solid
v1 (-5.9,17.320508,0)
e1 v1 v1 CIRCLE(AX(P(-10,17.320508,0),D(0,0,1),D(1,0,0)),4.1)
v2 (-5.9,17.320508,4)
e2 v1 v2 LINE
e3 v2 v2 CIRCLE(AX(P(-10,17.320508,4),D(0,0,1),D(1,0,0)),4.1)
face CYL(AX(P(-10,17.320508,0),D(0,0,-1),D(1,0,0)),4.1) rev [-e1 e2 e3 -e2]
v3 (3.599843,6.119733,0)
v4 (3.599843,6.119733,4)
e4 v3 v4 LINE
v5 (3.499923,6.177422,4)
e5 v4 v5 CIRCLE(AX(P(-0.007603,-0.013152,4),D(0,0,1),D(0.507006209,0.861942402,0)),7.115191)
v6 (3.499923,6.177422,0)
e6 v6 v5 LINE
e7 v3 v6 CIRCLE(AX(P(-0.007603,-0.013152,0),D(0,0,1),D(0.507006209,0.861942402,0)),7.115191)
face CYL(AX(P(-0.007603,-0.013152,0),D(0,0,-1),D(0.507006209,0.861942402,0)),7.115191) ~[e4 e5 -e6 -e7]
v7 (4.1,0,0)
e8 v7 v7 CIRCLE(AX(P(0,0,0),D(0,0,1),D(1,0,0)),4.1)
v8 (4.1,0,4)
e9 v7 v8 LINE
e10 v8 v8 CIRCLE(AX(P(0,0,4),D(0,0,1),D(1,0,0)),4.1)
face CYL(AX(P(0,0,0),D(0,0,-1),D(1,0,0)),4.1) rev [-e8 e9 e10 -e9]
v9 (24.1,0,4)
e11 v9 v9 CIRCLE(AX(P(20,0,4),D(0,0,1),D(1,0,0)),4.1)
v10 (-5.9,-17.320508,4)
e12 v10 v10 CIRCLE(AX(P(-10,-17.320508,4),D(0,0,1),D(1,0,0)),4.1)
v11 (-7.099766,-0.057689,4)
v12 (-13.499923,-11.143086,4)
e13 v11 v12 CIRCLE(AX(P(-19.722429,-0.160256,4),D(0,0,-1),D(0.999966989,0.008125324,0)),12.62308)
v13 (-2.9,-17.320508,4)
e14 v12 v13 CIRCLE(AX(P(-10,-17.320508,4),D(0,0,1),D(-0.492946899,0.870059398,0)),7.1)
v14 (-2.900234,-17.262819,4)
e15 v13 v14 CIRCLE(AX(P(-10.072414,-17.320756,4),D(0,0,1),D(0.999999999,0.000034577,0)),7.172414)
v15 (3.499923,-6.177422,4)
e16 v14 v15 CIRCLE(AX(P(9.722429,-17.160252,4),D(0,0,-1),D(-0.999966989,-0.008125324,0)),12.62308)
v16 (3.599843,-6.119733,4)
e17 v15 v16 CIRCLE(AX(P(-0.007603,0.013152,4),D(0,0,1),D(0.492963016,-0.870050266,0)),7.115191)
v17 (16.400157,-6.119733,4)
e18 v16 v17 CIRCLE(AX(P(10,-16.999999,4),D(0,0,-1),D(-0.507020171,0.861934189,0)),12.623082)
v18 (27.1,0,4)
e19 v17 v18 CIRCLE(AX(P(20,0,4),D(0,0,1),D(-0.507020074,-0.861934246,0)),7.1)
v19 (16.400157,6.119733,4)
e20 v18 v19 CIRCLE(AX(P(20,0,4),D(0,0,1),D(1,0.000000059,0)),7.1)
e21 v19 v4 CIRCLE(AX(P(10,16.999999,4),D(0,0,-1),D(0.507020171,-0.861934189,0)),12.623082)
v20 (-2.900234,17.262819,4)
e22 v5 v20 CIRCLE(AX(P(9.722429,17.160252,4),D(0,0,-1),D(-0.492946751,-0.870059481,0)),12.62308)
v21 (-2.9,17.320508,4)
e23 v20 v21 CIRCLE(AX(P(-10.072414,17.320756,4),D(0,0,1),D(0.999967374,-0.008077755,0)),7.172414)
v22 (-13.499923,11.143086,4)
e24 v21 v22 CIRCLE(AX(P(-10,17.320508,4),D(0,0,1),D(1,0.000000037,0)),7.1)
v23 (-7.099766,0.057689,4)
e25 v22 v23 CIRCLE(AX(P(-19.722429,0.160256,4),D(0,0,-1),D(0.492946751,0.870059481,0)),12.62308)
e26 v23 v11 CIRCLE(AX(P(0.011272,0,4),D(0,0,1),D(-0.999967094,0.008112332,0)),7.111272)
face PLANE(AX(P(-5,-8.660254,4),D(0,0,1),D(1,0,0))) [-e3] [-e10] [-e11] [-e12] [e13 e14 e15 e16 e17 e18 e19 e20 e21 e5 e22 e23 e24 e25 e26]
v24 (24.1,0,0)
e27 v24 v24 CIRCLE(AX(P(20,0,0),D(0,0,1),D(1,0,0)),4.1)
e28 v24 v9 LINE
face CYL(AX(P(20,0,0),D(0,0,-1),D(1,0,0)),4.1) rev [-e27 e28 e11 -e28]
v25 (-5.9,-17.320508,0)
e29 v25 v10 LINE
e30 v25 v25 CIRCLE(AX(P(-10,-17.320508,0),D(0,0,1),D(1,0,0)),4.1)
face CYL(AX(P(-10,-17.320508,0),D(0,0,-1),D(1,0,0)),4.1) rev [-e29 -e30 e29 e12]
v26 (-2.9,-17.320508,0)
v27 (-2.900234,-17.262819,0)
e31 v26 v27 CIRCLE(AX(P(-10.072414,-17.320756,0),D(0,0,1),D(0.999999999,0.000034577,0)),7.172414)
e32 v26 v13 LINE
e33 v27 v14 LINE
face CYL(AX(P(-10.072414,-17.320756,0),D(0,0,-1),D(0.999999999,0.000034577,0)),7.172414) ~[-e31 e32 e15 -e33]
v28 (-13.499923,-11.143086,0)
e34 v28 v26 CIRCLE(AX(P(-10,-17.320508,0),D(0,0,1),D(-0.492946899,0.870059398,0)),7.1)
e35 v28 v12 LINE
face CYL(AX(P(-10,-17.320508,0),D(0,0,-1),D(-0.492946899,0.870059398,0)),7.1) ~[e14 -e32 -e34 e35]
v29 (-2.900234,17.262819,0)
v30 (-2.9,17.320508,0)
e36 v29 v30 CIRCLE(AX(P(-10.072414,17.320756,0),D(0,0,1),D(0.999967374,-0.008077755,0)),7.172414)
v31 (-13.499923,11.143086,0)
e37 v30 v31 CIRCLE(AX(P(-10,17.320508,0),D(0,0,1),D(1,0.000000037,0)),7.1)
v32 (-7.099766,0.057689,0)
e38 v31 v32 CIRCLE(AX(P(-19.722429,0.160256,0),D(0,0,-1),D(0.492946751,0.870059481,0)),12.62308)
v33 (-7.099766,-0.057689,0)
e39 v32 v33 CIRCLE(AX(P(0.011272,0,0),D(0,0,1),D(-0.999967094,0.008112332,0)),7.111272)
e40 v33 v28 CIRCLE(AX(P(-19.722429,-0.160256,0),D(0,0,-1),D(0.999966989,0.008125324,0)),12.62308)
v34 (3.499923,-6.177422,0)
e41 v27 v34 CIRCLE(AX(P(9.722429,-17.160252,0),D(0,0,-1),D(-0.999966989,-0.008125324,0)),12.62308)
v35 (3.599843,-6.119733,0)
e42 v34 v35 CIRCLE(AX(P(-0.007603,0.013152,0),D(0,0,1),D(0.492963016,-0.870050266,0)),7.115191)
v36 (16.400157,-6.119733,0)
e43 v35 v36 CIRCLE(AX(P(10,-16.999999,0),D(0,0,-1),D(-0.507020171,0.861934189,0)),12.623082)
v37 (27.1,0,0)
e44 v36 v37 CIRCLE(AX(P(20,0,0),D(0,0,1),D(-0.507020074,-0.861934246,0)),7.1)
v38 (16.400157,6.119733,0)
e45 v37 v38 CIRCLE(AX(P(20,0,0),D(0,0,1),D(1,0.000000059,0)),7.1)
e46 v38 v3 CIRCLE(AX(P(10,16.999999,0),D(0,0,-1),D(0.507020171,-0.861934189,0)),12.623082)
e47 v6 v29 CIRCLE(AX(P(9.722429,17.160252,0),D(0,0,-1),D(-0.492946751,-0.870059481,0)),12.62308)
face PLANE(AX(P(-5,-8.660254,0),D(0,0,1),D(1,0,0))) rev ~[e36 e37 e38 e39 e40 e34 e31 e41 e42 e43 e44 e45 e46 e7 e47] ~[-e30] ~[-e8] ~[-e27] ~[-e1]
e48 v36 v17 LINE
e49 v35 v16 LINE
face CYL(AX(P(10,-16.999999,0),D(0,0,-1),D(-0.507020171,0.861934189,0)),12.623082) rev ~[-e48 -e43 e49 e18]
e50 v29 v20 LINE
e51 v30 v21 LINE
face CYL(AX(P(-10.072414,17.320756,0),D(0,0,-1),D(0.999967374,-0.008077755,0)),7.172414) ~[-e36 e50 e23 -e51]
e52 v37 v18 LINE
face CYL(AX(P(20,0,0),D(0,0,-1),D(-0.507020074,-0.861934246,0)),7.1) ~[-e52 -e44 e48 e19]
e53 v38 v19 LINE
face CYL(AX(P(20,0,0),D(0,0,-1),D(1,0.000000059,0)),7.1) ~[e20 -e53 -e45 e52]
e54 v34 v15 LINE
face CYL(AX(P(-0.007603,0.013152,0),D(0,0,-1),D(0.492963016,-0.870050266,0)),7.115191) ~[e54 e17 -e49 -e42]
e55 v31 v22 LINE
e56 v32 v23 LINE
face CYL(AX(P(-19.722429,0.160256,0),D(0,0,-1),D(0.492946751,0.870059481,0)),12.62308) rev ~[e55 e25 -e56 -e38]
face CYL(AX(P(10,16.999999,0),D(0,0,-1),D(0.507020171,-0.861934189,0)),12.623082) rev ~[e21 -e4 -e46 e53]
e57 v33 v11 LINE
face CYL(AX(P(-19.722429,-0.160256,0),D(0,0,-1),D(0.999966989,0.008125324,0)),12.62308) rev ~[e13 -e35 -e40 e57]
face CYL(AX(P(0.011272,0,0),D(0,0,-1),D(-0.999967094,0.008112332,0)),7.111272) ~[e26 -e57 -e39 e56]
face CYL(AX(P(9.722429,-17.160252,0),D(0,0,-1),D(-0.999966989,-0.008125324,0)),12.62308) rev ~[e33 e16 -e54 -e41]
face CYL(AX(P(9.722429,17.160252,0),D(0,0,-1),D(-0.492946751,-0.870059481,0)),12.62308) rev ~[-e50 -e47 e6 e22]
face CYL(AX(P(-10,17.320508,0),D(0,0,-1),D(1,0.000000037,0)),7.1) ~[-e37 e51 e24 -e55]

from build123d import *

# Parameters (mm, degrees)
F0_R     = 4.1
F1_DEPTH = 4


with BuildPart() as f1:
    # F0 (on Top) → F1 (new body)
    with BuildSketch(Plane.XY):
        with BuildLine():
            ThreePointArc((-2.900234, -17.262819), (-1.209479, -10.848713), (3.499923, -6.177422))
            ThreePointArc((3.499923, -6.177422), (-3.55, -6.14878), (-7.099766, -0.057689))
            ThreePointArc((-7.099766, -0.057689), (-8.790521, -6.471795), (-13.499923, -11.143086))
            ThreePointArc((-13.499923, -11.143086), (-6.45, -11.171728), (-2.900234, -17.262819))
        make_face()
        with BuildLine():
            ThreePointArc((-2.9, -17.320508), (-2.900059, -17.291663), (-2.900234, -17.262819))
            ThreePointArc((-2.900234, -17.262819), (-6.45, -11.171728), (-13.499923, -11.143086))
            ThreePointArc((-13.499923, -11.143086), (-13.574951, -23.454815), (-2.9, -17.320508))
        make_face()
        with Locations((-10, -17.320508)):
            Circle(F0_R, mode=Mode.SUBTRACT)
        with BuildLine():
            ThreePointArc((3.599843, -6.119733), (6.163152, -3.52499), (7.1, 0))
            ThreePointArc((7.1, 0), (6.163152, 3.52499), (3.599843, 6.119733))
            ThreePointArc((3.599843, 6.119733), (3.55, 6.14878), (3.499923, 6.177422))
            ThreePointArc((3.499923, 6.177422), (-3.55, 6.14878), (-7.099766, 0.057689))
            ThreePointArc((-7.099766, 0.057689), (-7.1, 0), (-7.099766, -0.057689))
            ThreePointArc((-7.099766, -0.057689), (-3.55, -6.14878), (3.499923, -6.177422))
            ThreePointArc((3.499923, -6.177422), (3.55, -6.14878), (3.599843, -6.119733))
        make_face()
        Circle(F0_R, mode=Mode.SUBTRACT)
        with BuildLine():
            ThreePointArc((3.599843, 6.119733), (6.163152, 3.52499), (7.1, 0))
            ThreePointArc((7.1, 0), (6.163152, -3.52499), (3.599843, -6.119733))
            ThreePointArc((3.599843, -6.119733), (10, -4.376917), (16.400157, -6.119733))
            ThreePointArc((16.400157, -6.119733), (12.9, 0), (16.400157, 6.119733))
            ThreePointArc((16.400157, 6.119733), (10, 4.376917), (3.599843, 6.119733))
        make_face()
        with BuildLine():
            ThreePointArc((27.1, 0), (23.52499, 6.163152), (16.400157, 6.119733))
            ThreePointArc((16.400157, 6.119733), (12.9, 0), (16.400157, -6.119733))
            ThreePointArc((16.400157, -6.119733), (23.52499, -6.163152), (27.1, 0))
        make_face()
        with Locations((20, 0)):
            Circle(F0_R, mode=Mode.SUBTRACT)
        with BuildLine():
            ThreePointArc((-7.099766, 0.057689), (-3.55, 6.14878), (3.499923, 6.177422))
            ThreePointArc((3.499923, 6.177422), (-1.209479, 10.848713), (-2.900234, 17.262819))
            ThreePointArc((-2.900234, 17.262819), (-6.45, 11.171728), (-13.499923, 11.143086))
            ThreePointArc((-13.499923, 11.143086), (-8.790521, 6.471795), (-7.099766, 0.057689))
        make_face()
        with BuildLine():
            ThreePointArc((-13.499923, 11.143086), (-6.45, 11.171728), (-2.900234, 17.262819))
            ThreePointArc((-2.900234, 17.262819), (-2.900059, 17.291663), (-2.9, 17.320508))
            ThreePointArc((-2.9, 17.320508), (-13.574951, 23.454815), (-13.499923, 11.143086))
        make_face()
        with Locations((-10, 17.320508)):
            Circle(F0_R, mode=Mode.SUBTRACT)
    extrude(amount=F1_DEPTH)


solid = f1.part
